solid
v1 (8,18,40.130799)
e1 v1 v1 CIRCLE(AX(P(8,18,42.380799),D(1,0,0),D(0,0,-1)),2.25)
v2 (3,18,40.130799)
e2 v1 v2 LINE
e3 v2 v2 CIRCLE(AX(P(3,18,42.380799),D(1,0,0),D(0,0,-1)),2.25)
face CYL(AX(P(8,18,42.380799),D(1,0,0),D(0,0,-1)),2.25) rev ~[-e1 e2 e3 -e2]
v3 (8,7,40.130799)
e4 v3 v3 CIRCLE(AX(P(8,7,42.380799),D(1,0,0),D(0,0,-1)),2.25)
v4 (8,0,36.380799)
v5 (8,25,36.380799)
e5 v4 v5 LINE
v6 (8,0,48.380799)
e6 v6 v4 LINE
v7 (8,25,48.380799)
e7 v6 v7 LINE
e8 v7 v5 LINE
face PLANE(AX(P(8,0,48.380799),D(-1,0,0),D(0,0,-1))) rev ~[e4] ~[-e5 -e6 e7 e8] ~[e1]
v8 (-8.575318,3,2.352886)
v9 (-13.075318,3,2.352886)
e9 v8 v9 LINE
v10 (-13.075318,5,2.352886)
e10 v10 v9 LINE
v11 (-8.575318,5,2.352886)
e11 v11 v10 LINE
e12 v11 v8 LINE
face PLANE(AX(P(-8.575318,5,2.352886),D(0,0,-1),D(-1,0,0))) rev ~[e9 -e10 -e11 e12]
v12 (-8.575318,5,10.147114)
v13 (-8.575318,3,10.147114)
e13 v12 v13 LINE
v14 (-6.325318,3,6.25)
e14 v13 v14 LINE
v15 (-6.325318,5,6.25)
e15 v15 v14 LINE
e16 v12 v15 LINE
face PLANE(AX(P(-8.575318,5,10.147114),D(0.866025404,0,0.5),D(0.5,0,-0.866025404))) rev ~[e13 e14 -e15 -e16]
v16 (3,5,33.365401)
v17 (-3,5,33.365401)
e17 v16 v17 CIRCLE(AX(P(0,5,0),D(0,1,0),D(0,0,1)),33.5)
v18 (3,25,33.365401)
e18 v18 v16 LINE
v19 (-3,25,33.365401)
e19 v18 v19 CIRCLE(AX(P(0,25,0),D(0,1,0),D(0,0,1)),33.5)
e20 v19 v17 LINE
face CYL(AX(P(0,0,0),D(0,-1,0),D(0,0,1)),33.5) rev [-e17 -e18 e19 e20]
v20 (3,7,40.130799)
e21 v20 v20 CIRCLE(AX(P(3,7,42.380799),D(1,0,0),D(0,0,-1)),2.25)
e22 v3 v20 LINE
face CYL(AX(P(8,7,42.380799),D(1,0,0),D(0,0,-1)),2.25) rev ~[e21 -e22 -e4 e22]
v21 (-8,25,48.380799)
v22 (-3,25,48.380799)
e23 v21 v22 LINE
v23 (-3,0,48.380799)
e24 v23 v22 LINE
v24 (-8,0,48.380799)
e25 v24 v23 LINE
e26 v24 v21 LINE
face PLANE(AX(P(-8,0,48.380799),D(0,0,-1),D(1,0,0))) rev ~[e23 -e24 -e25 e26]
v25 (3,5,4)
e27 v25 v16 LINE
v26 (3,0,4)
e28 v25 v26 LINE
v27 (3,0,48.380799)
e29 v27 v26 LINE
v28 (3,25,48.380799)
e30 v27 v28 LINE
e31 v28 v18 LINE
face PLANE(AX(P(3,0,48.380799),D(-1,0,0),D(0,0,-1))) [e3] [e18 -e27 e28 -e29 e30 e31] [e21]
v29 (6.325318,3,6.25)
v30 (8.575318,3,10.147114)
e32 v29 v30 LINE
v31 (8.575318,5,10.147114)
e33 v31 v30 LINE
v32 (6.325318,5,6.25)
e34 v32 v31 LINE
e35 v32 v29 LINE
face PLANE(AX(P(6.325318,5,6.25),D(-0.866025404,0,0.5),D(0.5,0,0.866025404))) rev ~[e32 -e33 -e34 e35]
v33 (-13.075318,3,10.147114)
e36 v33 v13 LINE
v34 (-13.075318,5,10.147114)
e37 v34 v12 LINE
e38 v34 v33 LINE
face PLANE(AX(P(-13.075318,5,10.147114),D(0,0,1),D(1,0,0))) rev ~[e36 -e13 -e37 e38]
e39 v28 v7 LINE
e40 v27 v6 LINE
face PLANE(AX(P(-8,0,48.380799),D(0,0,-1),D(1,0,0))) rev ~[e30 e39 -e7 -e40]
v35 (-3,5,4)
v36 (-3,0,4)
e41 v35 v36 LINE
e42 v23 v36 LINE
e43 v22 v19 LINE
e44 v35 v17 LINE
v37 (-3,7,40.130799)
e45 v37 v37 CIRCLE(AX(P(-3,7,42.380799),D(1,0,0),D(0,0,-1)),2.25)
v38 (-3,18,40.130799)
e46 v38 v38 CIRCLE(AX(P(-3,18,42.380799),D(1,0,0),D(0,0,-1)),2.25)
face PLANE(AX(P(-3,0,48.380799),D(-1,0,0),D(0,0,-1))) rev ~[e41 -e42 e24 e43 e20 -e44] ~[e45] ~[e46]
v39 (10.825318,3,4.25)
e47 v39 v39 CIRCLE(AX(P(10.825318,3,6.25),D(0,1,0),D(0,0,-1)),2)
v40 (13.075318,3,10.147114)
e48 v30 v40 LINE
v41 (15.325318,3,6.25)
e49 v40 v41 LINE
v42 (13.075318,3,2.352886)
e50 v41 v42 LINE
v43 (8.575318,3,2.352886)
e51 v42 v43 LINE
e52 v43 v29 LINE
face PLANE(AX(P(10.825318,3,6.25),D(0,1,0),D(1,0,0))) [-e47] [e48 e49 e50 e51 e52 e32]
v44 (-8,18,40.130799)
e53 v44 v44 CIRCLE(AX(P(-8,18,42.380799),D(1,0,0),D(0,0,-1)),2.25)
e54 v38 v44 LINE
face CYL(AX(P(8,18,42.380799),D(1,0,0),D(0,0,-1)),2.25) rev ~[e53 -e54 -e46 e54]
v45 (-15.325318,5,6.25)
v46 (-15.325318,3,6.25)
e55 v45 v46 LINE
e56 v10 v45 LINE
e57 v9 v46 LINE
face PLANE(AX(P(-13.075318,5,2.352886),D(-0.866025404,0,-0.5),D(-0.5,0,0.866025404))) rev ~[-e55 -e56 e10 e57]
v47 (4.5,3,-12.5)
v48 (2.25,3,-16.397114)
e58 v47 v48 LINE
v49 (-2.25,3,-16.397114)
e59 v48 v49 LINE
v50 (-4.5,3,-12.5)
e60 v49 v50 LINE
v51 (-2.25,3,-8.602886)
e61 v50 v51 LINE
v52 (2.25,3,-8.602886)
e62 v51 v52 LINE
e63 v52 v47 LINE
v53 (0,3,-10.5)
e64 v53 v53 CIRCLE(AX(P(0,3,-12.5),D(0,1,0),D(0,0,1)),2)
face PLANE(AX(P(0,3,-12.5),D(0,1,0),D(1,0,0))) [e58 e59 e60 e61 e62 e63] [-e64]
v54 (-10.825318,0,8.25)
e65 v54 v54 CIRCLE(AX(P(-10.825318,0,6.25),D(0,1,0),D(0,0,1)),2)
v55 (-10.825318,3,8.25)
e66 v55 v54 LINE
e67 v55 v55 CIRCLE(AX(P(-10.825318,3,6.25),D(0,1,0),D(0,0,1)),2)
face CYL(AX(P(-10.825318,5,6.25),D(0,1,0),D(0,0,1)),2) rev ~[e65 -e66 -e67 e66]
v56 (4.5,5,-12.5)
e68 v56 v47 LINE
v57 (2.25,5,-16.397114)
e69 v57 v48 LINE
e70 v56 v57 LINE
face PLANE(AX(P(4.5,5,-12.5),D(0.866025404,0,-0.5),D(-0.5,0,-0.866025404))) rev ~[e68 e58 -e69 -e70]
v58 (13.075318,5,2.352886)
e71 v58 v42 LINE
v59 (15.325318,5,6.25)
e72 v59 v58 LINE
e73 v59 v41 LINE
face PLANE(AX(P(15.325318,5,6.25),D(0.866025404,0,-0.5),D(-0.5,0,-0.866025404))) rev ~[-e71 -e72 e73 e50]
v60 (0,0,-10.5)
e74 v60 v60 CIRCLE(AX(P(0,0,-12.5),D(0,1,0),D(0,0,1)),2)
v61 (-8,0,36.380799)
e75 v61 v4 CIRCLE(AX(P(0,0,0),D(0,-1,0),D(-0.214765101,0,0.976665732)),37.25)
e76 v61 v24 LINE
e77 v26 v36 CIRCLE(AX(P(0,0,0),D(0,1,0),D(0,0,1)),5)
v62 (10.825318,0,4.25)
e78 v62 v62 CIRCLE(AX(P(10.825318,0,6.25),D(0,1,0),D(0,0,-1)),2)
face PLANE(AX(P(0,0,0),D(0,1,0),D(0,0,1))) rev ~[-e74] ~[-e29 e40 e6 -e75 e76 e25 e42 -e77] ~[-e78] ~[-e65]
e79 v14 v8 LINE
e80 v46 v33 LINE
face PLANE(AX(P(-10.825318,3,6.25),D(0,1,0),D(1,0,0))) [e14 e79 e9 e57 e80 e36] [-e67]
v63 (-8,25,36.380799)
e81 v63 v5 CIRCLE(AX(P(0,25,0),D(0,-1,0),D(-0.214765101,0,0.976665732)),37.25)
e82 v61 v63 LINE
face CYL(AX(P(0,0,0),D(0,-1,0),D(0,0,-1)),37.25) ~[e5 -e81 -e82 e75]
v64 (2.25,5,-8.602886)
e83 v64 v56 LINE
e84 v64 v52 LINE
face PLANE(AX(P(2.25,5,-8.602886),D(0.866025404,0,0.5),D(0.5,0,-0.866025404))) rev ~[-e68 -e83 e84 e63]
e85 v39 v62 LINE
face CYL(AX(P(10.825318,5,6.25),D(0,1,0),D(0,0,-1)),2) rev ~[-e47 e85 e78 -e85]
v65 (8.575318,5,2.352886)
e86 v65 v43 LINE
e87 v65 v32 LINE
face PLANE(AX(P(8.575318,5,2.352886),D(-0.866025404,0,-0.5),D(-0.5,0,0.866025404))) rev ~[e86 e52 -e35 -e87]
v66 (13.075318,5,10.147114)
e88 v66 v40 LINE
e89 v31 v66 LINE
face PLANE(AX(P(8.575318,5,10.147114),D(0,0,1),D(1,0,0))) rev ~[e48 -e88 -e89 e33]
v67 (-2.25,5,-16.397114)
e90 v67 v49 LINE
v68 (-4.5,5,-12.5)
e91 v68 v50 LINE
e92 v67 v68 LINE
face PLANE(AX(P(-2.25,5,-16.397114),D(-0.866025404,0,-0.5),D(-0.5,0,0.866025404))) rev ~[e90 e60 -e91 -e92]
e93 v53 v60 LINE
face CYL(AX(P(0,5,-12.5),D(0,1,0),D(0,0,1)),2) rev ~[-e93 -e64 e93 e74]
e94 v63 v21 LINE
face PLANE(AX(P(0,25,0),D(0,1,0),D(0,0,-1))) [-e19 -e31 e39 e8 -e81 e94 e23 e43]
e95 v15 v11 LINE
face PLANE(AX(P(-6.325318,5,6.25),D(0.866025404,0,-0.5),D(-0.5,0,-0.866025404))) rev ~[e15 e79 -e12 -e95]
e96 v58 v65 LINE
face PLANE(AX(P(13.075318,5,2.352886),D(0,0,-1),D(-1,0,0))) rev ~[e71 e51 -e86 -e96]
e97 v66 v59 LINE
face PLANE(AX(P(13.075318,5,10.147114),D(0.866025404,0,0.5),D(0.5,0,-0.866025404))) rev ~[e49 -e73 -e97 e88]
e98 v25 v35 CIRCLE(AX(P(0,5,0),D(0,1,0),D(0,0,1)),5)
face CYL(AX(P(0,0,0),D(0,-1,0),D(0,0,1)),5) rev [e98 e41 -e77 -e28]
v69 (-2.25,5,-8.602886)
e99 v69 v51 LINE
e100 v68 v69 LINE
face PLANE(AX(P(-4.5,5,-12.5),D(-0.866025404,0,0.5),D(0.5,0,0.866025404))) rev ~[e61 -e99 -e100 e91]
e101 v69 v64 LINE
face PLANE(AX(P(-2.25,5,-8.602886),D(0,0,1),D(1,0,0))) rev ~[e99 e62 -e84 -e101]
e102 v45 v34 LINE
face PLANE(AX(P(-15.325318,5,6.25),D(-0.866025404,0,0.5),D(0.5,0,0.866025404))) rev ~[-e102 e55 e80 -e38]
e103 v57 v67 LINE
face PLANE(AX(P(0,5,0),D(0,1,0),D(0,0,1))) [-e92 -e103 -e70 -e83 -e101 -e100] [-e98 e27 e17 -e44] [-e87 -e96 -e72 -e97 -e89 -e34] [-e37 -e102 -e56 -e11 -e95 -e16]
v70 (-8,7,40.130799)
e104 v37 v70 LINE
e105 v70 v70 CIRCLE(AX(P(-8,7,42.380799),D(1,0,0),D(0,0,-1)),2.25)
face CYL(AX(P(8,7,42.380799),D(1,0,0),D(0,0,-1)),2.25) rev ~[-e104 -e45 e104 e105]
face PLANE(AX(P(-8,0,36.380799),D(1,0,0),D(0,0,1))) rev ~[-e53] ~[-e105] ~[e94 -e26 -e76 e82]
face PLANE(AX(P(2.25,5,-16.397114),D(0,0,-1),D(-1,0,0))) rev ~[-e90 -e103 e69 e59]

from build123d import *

# Parameters (mm, degrees)
SKETCH_1_R            = 37.25
SKETCH_1_R_2          = 33.5
MAIN_DEPTH            = 25
SKETCH_3_R            = 33.5
SKETCH_3_R_2          = 5
STOP_DEPTH            = 5
LOCK_DEPTH            = 25
SKETCH_5_W            = 6
SKETCH_5_H            = 48.380798507
SLOT_DEPTH            = 25
SKETCH_6_R            = 2.25
SMALL_HOLES_DEPTH     = 71.804407802
HOLES_FOR_BOLTS_REACH = 66.252
SKETCH_7_R            = 2
HEXAGONS_DEPTH        = 2


with BuildPart() as part:
    # Эскиз1 → main (new body)
    with BuildSketch(Plane(origin=(0, 0, 0), x_dir=(1, 0, 0), z_dir=(0, 1, 0))):
        with Locations(Location((0, 0, 0), (0, 0, 90))):
            Circle(SKETCH_1_R)
        with Locations(Location((0, 0, 0), (0, 0, 270))):
            Circle(SKETCH_1_R_2, mode=Mode.SUBTRACT)
    extrude(amount=MAIN_DEPTH)

    # Эскиз3 → stop (add)
    with BuildSketch(Plane(origin=(0, 0, 0), x_dir=(1, 0, 0), z_dir=(0, 1, 0))):
        with Locations(Location((0, 0, 0), (0, 0, 270))):
            Circle(SKETCH_3_R)
        with Locations(Location((0, 0, 0), (0, 0, 270))):
            Circle(SKETCH_3_R_2, mode=Mode.SUBTRACT)
    extrude(amount=STOP_DEPTH)

    # Эскиз4 → lock (add)
    with BuildSketch(Plane(origin=(0, 0, 0), x_dir=(1, 0, 0), z_dir=(0, 1, 0))):
        with BuildLine():
            Line((-8, -36.380798507), (-8, -48.380798507))
            Line((-8, -48.380798507), (8, -48.380798507))
            Line((8, -48.380798507), (8, -36.380798507))
            ThreePointArc((8, -36.380798507), (0, -37.25), (-8, -36.380798507))
        make_face()
    extrude(amount=LOCK_DEPTH)

    # Эскиз5 → slot (cut)
    with BuildSketch(Plane(origin=(0, 0, 0), x_dir=(1, 0, 0), z_dir=(0, 1, 0))):
        with Locations((0, -24.190399254)):
            Rectangle(SKETCH_5_W, SKETCH_5_H)
    extrude(amount=SLOT_DEPTH, mode=Mode.SUBTRACT)

    # Эскиз6 → small holes (cut, through all)
    with BuildSketch(Plane(origin=(8, 0, 0), x_dir=(0, 0, -1), z_dir=(1, 0, 0))):
        with Locations((-42.380798507, 7)):
            Circle(SKETCH_6_R)
        with Locations((-42.380798507, 18)):
            Circle(SKETCH_6_R)
    extrude(amount=-SMALL_HOLES_DEPTH, mode=Mode.SUBTRACT)

    # Эскиз7 → holes for bolts (cut, up to next)
    with BuildSketch(Plane(origin=(0, 5, 0), x_dir=(1, 0, 0), z_dir=(0, 1, 0)), mode=Mode.PRIVATE) as holes_for_bolts_sk1:
        with Locations(Location((0, 12.5, 0), (0, 0, 270))):
            Circle(SKETCH_7_R)
    holes_for_bolts_tool1 = extrude(holes_for_bolts_sk1.sketch, amount=-HOLES_FOR_BOLTS_REACH, mode=Mode.PRIVATE) & part.part
    # Эскиз7 → holes for bolts (cut, up to next)
    with BuildSketch(Plane(origin=(0, 5, 0), x_dir=(1, 0, 0), z_dir=(0, 1, 0)), mode=Mode.PRIVATE) as holes_for_bolts_sk2:
        with Locations(Location((-10.825317547, -6.25, 0), (0, 0, 270))):
            Circle(SKETCH_7_R)
    holes_for_bolts_tool2 = extrude(holes_for_bolts_sk2.sketch, amount=-HOLES_FOR_BOLTS_REACH, mode=Mode.PRIVATE) & part.part
    # Эскиз7 → holes for bolts (cut, up to next)
    with BuildSketch(Plane(origin=(0, 5, 0), x_dir=(1, 0, 0), z_dir=(0, 1, 0)), mode=Mode.PRIVATE) as holes_for_bolts_sk3:
        with Locations(Location((10.825317547, -6.25, 0), (0, 0, 90))):
            Circle(SKETCH_7_R)
    holes_for_bolts_tool3 = extrude(holes_for_bolts_sk3.sketch, amount=-HOLES_FOR_BOLTS_REACH, mode=Mode.PRIVATE) & part.part
    add(holes_for_bolts_tool1.solids().sort_by_distance((0, 5, -12.5))[0], mode=Mode.SUBTRACT)
    add(holes_for_bolts_tool2.solids().sort_by_distance((-10.825318, 5, 6.25))[0], mode=Mode.SUBTRACT)
    add(holes_for_bolts_tool3.solids().sort_by_distance((10.825318, 5, 6.25))[0], mode=Mode.SUBTRACT)

    # Эскиз8 → hexagons (cut)
    with BuildSketch(Plane(origin=(0, 5, 0), x_dir=(1, 0, 0), z_dir=(0, 1, 0))):
        Polygon((-8.575317547, -10.147114317), (-6.325317547, -6.25), (-8.575317547, -2.352885683), (-13.075317547, -2.352885683), (-15.325317547, -6.25), (-13.075317547, -10.147114317), align=None)
        Polygon((13.075317547, -10.147114317), (15.325317547, -6.25), (13.075317547, -2.352885683), (8.575317547, -2.352885683), (6.325317547, -6.25), (8.575317547, -10.147114317), align=None)
        Polygon((2.25, 8.602885683), (4.5, 12.5), (2.25, 16.397114317), (-2.25, 16.397114317), (-4.5, 12.5), (-2.25, 8.602885683), align=None)
    extrude(amount=-HEXAGONS_DEPTH, mode=Mode.SUBTRACT)


solid = part.part
